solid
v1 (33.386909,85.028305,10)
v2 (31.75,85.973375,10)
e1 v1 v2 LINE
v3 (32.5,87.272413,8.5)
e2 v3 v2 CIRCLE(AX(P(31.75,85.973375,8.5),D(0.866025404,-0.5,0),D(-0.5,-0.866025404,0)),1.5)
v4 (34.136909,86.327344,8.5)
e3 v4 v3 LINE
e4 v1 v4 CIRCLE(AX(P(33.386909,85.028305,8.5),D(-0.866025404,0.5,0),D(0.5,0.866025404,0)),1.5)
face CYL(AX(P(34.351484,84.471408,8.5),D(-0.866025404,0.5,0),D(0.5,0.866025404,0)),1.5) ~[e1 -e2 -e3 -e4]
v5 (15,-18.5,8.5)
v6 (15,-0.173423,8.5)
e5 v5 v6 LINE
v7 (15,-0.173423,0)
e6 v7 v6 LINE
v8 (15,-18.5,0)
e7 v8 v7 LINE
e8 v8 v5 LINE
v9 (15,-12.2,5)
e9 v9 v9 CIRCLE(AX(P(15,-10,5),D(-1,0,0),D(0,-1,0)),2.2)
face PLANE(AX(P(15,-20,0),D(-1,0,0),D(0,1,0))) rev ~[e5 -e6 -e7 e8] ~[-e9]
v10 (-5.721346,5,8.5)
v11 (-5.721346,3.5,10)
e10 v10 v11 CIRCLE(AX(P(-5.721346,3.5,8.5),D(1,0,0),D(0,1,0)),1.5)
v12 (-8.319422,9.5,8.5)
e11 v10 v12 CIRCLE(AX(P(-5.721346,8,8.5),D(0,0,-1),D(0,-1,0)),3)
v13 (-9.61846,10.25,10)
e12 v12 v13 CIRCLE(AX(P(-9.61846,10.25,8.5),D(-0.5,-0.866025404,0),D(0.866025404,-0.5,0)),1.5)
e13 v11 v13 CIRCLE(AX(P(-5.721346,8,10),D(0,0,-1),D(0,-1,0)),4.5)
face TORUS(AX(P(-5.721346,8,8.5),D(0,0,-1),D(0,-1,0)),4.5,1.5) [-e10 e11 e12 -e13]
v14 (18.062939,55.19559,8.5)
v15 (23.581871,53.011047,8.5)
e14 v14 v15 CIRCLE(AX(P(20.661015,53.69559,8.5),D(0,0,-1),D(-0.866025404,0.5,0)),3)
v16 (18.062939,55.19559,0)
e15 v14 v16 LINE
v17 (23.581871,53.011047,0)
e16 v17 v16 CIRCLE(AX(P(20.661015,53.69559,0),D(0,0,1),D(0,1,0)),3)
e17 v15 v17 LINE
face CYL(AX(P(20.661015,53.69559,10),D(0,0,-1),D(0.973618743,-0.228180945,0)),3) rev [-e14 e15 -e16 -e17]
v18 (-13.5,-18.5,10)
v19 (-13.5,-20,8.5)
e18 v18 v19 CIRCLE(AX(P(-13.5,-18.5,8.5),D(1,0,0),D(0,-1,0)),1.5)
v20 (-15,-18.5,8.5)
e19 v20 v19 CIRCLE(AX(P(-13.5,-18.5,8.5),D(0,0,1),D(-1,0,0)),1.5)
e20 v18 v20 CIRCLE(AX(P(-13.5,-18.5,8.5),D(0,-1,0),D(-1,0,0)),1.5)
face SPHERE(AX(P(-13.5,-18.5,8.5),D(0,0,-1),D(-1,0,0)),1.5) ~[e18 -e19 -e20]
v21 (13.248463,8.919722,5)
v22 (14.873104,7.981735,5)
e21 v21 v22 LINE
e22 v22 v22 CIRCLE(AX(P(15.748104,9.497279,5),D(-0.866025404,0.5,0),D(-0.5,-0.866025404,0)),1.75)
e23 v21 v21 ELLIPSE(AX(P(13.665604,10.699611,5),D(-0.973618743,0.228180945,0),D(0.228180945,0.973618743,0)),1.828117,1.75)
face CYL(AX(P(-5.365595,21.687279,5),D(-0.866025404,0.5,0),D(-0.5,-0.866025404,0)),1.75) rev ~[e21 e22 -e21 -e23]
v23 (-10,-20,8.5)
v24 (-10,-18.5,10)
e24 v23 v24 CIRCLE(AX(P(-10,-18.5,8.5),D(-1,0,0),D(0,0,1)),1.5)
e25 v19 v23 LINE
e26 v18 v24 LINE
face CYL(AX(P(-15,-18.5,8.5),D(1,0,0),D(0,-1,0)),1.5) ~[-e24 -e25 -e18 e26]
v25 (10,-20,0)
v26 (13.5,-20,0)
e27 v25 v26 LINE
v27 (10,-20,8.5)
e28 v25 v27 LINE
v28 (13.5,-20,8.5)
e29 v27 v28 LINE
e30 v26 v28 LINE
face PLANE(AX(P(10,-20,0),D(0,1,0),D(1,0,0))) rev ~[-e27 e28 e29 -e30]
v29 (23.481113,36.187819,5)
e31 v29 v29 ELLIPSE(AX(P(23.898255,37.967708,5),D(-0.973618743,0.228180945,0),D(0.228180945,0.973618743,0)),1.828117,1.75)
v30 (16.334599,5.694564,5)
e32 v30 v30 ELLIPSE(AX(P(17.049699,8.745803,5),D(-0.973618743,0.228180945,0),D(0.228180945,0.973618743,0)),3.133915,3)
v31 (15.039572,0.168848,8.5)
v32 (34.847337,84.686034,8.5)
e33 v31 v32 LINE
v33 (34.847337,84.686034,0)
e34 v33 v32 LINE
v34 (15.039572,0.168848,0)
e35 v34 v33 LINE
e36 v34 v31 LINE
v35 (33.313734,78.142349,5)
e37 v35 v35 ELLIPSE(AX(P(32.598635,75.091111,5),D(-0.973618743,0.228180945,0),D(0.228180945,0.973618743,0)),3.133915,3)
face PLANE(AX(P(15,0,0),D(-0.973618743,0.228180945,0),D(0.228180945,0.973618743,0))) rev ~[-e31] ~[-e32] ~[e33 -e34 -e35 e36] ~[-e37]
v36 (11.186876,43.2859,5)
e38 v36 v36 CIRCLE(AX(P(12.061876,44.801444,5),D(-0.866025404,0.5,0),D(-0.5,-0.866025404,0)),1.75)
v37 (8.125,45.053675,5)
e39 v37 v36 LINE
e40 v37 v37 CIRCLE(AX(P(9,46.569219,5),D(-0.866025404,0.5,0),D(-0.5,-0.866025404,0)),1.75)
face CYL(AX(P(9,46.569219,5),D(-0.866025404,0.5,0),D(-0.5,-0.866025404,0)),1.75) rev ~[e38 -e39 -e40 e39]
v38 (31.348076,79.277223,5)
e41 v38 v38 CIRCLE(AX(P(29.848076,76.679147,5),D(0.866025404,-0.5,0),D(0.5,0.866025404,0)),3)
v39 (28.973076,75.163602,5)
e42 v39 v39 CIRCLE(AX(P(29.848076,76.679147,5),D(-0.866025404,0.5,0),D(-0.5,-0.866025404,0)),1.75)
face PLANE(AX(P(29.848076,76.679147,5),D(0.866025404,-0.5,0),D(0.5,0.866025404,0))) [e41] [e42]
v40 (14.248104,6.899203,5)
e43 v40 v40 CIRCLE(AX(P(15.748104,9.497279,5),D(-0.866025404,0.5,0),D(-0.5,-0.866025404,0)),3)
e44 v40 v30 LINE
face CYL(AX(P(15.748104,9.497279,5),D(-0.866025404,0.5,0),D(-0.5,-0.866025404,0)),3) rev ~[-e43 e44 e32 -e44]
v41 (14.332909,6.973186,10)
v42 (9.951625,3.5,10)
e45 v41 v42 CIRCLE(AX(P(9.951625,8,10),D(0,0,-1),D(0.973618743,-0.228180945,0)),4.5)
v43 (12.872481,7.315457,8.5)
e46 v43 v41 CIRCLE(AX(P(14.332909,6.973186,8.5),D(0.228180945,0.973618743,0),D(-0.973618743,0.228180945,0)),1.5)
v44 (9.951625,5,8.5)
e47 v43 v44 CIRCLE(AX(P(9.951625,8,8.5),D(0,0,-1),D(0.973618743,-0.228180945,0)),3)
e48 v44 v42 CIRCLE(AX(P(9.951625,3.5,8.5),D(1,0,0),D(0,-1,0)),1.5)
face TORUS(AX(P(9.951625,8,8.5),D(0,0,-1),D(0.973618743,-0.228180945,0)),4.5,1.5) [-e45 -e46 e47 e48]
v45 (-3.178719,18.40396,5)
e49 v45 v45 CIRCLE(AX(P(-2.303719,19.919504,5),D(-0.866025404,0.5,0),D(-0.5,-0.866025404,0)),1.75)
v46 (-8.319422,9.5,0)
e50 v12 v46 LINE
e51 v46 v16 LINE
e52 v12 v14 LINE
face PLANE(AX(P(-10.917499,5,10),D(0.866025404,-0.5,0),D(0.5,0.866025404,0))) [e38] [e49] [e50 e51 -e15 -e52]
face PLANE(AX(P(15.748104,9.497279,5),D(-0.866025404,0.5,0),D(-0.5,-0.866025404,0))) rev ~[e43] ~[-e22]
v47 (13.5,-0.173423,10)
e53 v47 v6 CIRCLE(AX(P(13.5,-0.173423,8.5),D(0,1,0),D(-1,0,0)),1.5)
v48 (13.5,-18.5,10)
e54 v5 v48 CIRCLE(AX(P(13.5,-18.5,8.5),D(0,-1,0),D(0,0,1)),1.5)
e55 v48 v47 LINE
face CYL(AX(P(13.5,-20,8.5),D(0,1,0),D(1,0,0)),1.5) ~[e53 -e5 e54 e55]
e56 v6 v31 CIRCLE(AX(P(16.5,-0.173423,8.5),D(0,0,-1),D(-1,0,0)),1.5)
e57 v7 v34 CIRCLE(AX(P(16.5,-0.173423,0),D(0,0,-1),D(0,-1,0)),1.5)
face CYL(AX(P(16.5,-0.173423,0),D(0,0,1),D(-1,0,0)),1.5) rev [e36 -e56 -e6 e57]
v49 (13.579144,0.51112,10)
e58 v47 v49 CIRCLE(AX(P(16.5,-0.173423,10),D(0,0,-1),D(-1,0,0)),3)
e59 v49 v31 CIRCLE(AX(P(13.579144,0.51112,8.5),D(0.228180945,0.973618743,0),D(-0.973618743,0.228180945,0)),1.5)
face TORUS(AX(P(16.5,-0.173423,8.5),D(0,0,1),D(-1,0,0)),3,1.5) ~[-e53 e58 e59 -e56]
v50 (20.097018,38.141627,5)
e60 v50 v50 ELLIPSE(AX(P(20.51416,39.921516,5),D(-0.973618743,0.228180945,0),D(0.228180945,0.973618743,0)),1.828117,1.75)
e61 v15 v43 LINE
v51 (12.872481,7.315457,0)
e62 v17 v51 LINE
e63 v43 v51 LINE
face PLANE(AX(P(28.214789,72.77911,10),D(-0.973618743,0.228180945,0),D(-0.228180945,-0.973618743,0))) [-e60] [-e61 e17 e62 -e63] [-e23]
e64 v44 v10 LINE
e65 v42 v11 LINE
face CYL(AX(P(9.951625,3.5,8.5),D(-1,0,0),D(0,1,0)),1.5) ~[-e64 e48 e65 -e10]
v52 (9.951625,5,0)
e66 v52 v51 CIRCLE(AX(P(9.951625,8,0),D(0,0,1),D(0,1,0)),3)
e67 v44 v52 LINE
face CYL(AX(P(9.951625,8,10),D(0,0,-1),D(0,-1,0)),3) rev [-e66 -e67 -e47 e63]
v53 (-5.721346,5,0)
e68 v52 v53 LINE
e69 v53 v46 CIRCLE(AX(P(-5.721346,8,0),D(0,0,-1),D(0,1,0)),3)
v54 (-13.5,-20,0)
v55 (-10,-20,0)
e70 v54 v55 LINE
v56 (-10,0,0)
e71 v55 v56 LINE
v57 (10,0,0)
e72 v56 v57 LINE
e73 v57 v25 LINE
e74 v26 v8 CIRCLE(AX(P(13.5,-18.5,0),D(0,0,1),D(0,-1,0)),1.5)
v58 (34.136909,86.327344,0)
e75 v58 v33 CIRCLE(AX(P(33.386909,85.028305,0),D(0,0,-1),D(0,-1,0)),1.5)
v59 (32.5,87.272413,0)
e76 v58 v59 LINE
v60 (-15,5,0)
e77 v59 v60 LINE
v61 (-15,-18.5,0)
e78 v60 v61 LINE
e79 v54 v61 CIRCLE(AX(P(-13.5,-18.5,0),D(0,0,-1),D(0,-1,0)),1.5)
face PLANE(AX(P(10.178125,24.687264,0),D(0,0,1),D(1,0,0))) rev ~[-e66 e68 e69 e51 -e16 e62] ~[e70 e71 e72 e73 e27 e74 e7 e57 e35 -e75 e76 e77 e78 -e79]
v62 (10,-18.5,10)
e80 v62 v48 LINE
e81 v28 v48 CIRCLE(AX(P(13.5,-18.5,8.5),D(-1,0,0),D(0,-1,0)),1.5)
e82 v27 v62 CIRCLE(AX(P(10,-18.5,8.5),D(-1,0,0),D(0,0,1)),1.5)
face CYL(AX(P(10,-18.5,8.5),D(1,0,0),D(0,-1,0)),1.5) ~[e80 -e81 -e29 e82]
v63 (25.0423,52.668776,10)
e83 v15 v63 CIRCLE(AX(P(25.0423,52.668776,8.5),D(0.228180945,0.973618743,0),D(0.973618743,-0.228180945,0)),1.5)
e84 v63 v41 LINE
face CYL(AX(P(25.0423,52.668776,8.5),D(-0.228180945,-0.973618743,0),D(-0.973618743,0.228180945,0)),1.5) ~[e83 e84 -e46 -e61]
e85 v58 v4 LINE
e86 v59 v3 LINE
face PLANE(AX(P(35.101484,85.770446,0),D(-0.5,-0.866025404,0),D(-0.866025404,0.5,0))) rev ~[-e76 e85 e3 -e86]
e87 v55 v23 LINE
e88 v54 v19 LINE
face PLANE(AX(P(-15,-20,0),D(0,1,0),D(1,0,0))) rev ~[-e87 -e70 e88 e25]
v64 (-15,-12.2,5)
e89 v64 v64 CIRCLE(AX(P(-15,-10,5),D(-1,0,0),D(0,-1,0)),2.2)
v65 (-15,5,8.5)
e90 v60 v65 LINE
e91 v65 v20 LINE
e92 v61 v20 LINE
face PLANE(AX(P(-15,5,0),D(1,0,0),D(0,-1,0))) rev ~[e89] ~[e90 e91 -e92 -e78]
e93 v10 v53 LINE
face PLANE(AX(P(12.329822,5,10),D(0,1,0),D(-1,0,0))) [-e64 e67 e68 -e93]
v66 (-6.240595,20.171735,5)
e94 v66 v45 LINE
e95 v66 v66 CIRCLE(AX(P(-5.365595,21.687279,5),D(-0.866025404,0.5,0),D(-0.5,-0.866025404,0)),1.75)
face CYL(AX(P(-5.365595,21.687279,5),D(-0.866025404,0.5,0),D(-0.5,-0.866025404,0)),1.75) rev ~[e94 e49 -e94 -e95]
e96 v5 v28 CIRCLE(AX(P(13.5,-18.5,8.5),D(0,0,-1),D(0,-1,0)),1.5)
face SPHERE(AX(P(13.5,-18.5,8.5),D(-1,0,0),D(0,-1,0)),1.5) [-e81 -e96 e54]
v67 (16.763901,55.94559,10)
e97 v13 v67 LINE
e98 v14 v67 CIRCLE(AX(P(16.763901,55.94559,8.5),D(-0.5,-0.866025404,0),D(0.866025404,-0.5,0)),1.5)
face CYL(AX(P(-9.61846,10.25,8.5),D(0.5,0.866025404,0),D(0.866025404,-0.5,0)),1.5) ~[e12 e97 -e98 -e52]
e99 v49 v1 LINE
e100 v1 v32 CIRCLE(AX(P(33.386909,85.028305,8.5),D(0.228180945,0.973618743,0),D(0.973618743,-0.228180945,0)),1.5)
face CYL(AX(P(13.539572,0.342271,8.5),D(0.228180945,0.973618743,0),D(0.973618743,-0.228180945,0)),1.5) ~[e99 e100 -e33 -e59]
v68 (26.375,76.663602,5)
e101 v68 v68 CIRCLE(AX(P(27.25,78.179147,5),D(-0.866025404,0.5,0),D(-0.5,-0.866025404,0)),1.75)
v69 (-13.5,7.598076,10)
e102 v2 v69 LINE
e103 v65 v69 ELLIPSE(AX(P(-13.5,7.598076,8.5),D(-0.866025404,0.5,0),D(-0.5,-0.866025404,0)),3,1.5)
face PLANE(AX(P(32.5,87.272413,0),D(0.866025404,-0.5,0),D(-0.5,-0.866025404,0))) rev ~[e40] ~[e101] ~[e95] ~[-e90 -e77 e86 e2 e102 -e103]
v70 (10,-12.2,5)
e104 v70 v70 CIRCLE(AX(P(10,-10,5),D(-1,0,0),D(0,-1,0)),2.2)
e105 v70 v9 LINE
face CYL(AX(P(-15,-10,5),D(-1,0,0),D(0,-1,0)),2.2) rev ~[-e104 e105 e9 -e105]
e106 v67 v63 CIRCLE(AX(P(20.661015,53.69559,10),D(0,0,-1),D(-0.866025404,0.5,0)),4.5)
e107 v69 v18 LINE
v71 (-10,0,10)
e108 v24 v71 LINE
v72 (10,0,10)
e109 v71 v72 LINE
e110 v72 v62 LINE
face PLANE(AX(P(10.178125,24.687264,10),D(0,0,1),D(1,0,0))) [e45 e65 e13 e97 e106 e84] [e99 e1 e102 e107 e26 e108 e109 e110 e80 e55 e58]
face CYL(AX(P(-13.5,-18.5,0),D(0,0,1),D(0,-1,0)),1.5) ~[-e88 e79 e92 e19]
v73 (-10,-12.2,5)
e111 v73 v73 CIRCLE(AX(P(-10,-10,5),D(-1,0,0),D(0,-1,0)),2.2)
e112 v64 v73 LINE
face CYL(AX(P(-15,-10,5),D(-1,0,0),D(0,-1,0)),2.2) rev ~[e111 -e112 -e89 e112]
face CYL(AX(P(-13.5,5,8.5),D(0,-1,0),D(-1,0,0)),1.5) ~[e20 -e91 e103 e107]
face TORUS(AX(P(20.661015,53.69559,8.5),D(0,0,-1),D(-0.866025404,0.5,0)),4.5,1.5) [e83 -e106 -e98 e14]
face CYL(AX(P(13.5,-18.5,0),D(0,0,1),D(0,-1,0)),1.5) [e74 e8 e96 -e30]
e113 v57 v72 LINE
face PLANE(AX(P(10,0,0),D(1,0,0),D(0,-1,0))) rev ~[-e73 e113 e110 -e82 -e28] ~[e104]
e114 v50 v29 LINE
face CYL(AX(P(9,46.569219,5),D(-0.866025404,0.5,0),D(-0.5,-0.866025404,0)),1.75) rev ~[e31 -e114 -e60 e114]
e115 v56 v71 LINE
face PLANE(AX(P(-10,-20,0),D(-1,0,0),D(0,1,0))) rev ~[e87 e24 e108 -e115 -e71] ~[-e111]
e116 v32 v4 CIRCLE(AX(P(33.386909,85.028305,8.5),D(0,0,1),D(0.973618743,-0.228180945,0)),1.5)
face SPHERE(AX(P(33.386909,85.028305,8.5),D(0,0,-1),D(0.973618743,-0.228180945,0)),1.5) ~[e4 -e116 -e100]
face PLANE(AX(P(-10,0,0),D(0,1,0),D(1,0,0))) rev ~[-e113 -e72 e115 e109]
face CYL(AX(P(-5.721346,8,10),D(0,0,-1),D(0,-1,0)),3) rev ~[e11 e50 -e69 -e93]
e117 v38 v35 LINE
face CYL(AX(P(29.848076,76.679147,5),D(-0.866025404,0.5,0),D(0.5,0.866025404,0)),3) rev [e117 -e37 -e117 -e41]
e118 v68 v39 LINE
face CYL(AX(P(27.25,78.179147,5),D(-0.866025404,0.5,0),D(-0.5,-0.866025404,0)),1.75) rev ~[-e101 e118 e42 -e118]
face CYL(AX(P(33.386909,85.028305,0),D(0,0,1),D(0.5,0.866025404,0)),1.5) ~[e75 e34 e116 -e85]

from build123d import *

# Parameters (mm, degrees)
BOSS_EXTRUDE1_DEPTH = 10
CUT_EXTRUDE1_DEPTH  = 95.596978287
FILLET1_R           = 3
FILLET2_R           = 1.5
SKETCH3_R           = 2.2
CUT_EXTRUDE2_DEPTH  = 102.020680113
SKETCH4_R           = 1.75
CUT_EXTRUDE3_DEPTH  = 94.58236857
CUT_EXTRUDE4_START  = 3
SKETCH5_R           = 3
CUT_EXTRUDE4_DEPTH  = 91.712514751
CUT_EXTRUDE5_START  = -24.38
SKETCH6_R           = 3
CUT_EXTRUDE5_DEPTH  = 70.20236857


with BuildPart() as part:
    # Sketch1 → Boss-Extrude1 (new body)
    with BuildSketch(Plane.XY):
        Polygon((-10, -20), (-10, 0), (10, 0), (10, -20), (15, -20), (15, 0), (35.101483834, 85.770445967), (32.5, 87.27241336), (-15, 5), (-15, -20), align=None)
    extrude(amount=BOSS_EXTRUDE1_DEPTH)

    # Sketch2 → Cut-Extrude1 (cut, through all)
    with BuildSketch(Plane.XY.offset(10)):
        Polygon((-10.917498512, 5), (28.214788811, 72.779109859), (12.329822075, 5), align=None)
    extrude(amount=-CUT_EXTRUDE1_DEPTH, mode=Mode.SUBTRACT)

    # Fillet1
    fillet1_edges = [part.edges().sort_by_distance(p)[0] for p in [
        (28.214788811, 72.779109859, 5),
        (12.329822075, 5, 5),
        (-10.917498512, 5, 5),
    ]]
    fillet(fillet1_edges, radius=FILLET1_R)

    # Fillet2
    fillet2_edges = [part.edges().sort_by_distance(p)[0] for p in [
        (12.5, -20, 10),
        (-15, -20, 5),
        (35.101483834, 85.770445967, 5),
        (15, 0, 5),
        (15, -20, 5),
        (15, -10, 10),
        (25.050741917, 42.885222984, 10),
        (33.800741917, 86.521429663, 10),
        (-15, -7.5, 10),
        (-12.5, -20, 10),
        (4.871758353, 32.347795103, 10),
        (18.227176379, 30.163252268, 10),
        (2.115139497, 5, 10),
        (21.765145456, 56.485016027, 10),
        (11.815273588, 5.649082253, 10),
        (-8.3194223, 6.5, 10),
    ]]
    fillet(fillet2_edges, radius=FILLET2_R)

    # Sketch3 → Cut-Extrude2 (cut, through all)
    with BuildSketch(Plane.ZY.offset(15)):
        with Locations(Location((5, -10, 0), (0, 0, 270))):
            Circle(SKETCH3_R)
    extrude(amount=-CUT_EXTRUDE2_DEPTH, mode=Mode.SUBTRACT)

    # Sketch4 → Cut-Extrude3 (cut, through all)
    with BuildSketch(Plane(origin=(-13.415063509, 7.745190528, 0), x_dir=(0, 0, 1), z_dir=(-0.8660254037844382, 0.500000000000001, 0))):
        with Locations(Location((5, 81.330127019, 0), (0, 0, 270))):
            Circle(SKETCH4_R)
        with Locations(Location((5, 44.830127019, 0), (0, 0, 270))):
            Circle(SKETCH4_R)
        with Locations(Location((5, 16.098937019, 0), (0, 0, 270))):
            Circle(SKETCH4_R)
    extrude(amount=-CUT_EXTRUDE3_DEPTH, mode=Mode.SUBTRACT)

    # Sketch5 → Cut-Extrude4 (cut, through all)
    with BuildSketch(Plane(origin=(-13.480526942, 7.631804537, 0), x_dir=(0, 0, -1), z_dir=(0.866025403784438, -0.5000000000000009, 0)).offset(CUT_EXTRUDE4_START)):
        with Locations(Location((-5, 81.461053884, 0), (0, 0, 90))):
            Circle(SKETCH5_R)
    extrude(amount=CUT_EXTRUDE4_DEPTH, mode=Mode.SUBTRACT)

    # Sketch6 → Cut-Extrude5 (cut, through all)
    with BuildSketch(Plane(origin=(-13.415063509, 7.745190528, 0), x_dir=(0, 0, 1), z_dir=(-0.8660254037844382, 0.500000000000001, 0)).offset(CUT_EXTRUDE5_START)):
        with Locations(Location((5, 16.098937019, 0), (0, 0, 270))):
            Circle(SKETCH6_R)
    extrude(amount=-CUT_EXTRUDE5_DEPTH, mode=Mode.SUBTRACT)


solid = part.part
